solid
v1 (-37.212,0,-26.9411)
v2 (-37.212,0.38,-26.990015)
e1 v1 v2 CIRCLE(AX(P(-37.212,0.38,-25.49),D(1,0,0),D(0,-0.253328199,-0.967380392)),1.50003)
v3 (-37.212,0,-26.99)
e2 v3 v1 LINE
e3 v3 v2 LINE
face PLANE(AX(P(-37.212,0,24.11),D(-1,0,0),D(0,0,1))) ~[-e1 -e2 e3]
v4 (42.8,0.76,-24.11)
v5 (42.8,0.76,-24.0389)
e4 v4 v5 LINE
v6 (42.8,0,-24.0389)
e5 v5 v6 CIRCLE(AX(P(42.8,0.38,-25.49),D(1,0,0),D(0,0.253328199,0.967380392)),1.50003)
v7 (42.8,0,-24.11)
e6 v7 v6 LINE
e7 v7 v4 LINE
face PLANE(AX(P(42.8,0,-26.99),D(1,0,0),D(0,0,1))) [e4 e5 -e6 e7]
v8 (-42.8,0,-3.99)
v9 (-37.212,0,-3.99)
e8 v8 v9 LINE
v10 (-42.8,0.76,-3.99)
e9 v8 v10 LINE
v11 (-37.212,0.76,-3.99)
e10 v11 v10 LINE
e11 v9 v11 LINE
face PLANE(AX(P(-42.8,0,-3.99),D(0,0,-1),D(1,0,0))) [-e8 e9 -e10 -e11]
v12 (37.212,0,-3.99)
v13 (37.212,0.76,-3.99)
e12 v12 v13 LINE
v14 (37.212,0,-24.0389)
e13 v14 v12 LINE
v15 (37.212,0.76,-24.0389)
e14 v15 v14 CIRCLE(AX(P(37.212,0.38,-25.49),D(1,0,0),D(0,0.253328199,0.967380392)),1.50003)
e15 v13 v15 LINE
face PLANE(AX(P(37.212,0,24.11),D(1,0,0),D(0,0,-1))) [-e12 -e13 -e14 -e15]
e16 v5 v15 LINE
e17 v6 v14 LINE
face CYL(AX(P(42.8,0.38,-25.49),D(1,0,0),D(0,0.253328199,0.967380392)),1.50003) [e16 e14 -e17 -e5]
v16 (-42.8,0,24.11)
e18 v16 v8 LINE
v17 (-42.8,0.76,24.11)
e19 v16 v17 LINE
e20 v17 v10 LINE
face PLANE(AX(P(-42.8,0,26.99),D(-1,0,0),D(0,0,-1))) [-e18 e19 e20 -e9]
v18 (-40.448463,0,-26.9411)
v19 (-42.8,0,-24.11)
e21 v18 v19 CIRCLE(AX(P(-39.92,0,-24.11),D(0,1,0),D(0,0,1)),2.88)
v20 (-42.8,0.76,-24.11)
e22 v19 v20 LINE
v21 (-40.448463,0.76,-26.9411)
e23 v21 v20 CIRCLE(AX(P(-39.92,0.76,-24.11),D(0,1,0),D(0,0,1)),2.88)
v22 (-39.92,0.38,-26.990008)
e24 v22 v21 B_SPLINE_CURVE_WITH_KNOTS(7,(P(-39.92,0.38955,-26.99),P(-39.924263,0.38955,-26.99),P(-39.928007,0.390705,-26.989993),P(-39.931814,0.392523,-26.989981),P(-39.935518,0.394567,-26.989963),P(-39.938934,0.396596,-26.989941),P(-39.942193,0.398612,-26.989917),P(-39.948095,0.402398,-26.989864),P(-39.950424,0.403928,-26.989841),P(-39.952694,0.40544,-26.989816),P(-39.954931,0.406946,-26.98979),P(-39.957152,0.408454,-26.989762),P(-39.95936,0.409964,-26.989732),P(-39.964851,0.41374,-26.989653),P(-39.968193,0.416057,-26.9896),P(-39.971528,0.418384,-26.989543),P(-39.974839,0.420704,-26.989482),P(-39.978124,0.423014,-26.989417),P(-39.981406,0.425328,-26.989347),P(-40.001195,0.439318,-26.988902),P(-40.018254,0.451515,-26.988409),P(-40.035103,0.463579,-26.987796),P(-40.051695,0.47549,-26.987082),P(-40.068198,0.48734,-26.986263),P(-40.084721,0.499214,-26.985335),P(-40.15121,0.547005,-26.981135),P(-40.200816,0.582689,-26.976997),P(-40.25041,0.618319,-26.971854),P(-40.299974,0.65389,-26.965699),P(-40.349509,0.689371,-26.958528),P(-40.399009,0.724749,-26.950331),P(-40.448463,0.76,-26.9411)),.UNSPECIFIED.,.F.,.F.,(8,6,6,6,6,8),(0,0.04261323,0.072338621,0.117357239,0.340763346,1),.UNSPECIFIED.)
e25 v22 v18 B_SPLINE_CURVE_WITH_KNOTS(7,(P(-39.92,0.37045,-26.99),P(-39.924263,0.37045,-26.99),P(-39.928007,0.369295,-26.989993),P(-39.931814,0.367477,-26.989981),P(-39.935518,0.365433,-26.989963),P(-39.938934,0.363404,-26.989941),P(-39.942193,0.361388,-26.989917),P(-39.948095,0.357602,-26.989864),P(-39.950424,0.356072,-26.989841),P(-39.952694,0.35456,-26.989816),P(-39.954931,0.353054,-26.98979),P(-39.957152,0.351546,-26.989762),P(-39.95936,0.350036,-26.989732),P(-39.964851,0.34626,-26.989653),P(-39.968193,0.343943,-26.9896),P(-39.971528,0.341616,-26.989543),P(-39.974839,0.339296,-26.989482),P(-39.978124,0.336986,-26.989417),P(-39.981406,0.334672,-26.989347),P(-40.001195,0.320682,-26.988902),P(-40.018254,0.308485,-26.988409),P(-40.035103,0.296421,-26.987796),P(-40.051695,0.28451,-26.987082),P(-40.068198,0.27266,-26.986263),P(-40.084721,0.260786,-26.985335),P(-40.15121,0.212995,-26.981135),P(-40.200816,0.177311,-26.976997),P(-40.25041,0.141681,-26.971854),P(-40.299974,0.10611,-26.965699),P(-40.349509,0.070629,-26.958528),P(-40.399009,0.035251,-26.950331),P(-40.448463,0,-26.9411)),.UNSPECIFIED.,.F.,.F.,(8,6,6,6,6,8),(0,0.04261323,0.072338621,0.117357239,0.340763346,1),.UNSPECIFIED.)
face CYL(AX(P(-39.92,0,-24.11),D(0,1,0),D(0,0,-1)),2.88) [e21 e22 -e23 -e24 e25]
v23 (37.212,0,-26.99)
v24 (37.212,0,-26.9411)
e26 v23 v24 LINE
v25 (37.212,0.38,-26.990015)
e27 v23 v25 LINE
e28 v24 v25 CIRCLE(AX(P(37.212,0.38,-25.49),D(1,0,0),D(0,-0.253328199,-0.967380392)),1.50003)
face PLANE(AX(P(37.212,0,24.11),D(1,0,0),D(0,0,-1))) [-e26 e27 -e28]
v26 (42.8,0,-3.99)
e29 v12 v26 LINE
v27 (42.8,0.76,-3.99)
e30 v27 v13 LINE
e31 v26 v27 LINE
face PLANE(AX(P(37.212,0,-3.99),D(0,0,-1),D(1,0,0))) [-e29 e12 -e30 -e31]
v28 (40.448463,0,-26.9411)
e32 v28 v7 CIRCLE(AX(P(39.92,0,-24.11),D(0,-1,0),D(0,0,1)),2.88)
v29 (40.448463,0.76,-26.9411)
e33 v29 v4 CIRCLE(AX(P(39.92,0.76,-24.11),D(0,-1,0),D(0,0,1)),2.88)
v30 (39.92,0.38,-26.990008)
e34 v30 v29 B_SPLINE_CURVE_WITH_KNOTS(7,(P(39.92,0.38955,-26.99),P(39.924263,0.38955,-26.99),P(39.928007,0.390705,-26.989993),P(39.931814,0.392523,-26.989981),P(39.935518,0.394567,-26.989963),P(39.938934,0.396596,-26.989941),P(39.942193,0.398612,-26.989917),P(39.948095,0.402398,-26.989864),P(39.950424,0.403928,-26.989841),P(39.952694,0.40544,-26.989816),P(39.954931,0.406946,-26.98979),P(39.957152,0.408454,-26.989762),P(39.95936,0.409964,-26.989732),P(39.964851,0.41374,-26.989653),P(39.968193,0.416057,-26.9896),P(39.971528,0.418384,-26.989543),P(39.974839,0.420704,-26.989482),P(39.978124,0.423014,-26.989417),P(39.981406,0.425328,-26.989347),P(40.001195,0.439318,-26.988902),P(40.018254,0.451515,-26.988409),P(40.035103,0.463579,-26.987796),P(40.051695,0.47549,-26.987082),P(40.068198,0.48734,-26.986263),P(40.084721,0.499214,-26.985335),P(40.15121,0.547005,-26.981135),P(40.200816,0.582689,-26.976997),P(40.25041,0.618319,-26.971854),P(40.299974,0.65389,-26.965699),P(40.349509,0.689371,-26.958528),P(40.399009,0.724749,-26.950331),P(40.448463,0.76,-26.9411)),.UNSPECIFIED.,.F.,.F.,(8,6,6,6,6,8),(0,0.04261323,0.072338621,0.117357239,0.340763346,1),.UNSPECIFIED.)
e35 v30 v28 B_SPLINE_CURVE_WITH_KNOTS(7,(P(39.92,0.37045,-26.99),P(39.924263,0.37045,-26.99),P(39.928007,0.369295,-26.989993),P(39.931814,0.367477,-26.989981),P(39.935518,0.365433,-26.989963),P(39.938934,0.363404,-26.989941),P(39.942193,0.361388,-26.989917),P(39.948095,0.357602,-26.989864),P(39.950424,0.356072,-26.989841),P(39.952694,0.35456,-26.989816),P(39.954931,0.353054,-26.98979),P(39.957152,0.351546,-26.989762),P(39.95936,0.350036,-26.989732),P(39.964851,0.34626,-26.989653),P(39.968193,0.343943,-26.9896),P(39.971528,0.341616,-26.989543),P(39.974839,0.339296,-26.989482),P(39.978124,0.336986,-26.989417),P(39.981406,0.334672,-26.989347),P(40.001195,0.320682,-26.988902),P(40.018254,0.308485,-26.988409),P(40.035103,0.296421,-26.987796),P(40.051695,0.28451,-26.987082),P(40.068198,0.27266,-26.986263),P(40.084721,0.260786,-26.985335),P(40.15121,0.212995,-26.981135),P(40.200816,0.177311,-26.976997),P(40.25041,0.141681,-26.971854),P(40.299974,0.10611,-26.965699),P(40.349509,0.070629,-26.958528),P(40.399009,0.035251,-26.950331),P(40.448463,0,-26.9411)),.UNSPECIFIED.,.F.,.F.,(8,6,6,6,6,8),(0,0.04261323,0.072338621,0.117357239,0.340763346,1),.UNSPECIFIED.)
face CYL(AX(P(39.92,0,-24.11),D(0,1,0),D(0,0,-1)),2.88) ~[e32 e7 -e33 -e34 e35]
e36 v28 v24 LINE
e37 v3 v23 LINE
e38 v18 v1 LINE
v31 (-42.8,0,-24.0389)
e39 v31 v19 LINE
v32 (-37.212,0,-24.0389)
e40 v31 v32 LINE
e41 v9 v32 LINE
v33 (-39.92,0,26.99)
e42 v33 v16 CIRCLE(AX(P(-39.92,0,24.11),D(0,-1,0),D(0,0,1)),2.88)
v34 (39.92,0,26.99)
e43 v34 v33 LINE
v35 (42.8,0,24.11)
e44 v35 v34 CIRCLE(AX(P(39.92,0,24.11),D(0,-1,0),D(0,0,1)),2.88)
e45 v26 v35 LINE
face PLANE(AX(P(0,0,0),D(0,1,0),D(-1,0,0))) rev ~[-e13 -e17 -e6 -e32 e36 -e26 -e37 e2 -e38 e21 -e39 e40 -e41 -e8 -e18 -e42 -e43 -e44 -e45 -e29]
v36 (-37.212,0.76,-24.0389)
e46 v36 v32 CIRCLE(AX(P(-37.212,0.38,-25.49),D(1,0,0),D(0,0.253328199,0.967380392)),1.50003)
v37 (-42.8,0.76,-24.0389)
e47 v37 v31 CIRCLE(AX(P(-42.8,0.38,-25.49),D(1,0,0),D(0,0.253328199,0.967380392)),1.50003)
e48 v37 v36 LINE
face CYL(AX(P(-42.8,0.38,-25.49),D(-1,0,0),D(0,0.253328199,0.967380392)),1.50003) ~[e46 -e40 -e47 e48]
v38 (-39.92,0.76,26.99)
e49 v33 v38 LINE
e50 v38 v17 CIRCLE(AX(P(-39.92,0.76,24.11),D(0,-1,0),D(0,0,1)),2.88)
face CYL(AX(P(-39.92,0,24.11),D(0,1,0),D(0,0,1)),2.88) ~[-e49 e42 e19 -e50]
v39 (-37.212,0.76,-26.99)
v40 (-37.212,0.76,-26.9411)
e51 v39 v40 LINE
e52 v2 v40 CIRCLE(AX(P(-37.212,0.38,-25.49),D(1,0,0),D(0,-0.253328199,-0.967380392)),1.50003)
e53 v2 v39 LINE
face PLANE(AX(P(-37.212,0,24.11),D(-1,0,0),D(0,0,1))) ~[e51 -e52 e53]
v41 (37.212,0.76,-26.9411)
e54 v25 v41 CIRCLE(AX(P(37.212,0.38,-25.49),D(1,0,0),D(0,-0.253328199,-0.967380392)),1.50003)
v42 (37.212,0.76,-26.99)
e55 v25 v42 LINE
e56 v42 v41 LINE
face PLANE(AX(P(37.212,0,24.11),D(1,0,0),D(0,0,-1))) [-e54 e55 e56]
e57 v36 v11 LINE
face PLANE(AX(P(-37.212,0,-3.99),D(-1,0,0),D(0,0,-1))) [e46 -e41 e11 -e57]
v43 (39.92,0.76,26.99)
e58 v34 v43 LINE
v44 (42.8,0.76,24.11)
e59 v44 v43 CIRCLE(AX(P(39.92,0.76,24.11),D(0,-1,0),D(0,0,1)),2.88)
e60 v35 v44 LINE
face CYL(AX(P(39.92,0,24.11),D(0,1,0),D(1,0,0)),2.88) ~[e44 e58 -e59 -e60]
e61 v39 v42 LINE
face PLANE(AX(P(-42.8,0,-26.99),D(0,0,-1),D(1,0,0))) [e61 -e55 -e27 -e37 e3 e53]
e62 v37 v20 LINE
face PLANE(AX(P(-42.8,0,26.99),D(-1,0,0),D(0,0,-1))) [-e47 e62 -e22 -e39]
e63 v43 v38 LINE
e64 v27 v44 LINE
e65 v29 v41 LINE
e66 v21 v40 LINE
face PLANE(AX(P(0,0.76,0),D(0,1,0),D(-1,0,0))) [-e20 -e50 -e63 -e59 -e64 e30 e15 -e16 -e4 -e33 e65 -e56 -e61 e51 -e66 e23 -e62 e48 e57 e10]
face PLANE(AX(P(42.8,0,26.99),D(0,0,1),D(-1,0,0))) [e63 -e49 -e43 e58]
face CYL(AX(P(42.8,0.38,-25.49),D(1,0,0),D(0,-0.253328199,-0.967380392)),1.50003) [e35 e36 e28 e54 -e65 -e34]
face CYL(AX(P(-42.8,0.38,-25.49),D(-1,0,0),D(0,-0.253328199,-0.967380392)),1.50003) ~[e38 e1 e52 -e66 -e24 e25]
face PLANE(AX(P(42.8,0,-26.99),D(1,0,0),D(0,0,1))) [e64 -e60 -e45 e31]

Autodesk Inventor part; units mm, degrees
ref_plane "YZ Plane" through (0, 0, 0) normal (1, 0, 0) x (0, 1, 0)
ref_plane "XZ Plane" through (0, 0, 0) normal (0, 1, 0) x (-1, 0, 0)
ref_plane "XY Plane" through (0, 0, 0) normal (0, 0, 1) x (1, 0, 0)
sketch "Sketch1" plane through (0, 0, 0) normal (0, 1, 0) x (-1, 0, 0)
  line L0 (42.8, -26.99) -> (-42.8, -26.99)
  line L1 (-42.8, -26.99) -> (-42.8, 26.99)
  line L2 (-42.8, 26.99) -> (42.8, 26.99)
  line L3 (42.8, 26.99) -> (42.8, -26.99)
  line L4 (42.8, -26.99) -> (-42.8, 26.99) construction
  line L5 (-42.8, -26.99) -> (42.8, 26.99) construction
  point P0 (0, 0)
  dimension "d0" = 85.6
  dimension "d1" = 53.98
extrude "Extrusion1" add sketch "Sketch1" along normal blind 0.76
fillet "Fillet1" radius 2.88 4 edges at (42.8, 0.38, 26.99) (42.8, 0.38, -26.99) (-42.8, 0.38, 26.99) (-42.8, 0.38, -26.99)
sketch "Sketch2" plane through (0, 0, 0) normal (0, -1, 0) x (1, 0, 0)
  arc A0 (-42.8, -24.11) -> (-39.92, -26.99) centre (-39.92, -24.11) ccw projected
  line L0 (-39.92, -26.99) -> (39.92, -26.99) projected
  arc A1 (39.92, -26.99) -> (42.8, -24.11) centre (39.92, -24.11) ccw projected
  line L1 (42.8, -24.11) -> (42.8, 24.11) projected
  arc A2 (42.8, 24.11) -> (39.92, 26.99) centre (39.92, 24.11) ccw projected
  line L2 (39.92, 26.99) -> (-39.92, 26.99) projected
  arc A3 (-39.92, 26.99) -> (-42.8, 24.11) centre (-39.92, 24.11) ccw projected
  line L3 (-42.8, 24.11) -> (-42.8, -24.11) projected
  line L4 (-42.8, 24.11) -> (-42.8, -24.11) projected
  line L5 (-42.8, -3.99) -> (-37.212, -3.99)
  line L6 (-37.212, -3.99) -> (-37.212, -23.99)
  line L7 (-37.212, -23.99) -> (-42.8, -23.99)
  line L8 (-42.8, -23.99) -> (-42.8, -3.99)
  line L9 (42.8, 24.11) -> (42.8, -24.11) projected
  line L10 (42.8, -23.99) -> (37.212, -23.99)
  line L11 (37.212, -23.99) -> (37.212, -3.99)
  line L12 (37.212, -3.99) -> (42.8, -3.99)
  line L13 (42.8, -3.99) -> (42.8, -23.99)
  point P0 (0, 0)
  dimension "d5" = 5.588
  dimension "d6" = 5.588
  dimension "d7" = 3
  dimension "d8" = 3
  dimension "d9" = 20
  dimension "d10" = 20
extrude "Extrusion2" cut sketch "Sketch2" against normal through all contours L3 L5 L6 L7 | L10 L11 L12 L1
sketch "Sketch3" plane through (42.8, 0, 24.11) normal (1, 0, 0) x (0, 0, -1)
  line L0 (51.1, 0) -> (51.1, 0.76) projected
  line L1 (51.1, 0) -> (51.1, 0.76)
  line L2 (48.1, 0.76) -> (48.1, 0)
  line L3 (48.1, 0) -> (51.1, 0.76) construction
  line L4 (51.1, 0) -> (48.1, 0.76) construction
  line L5 (51.1, 0) -> (48.22, 0) projected
  arc A0 (48.1489, 0.76) -> (48.1489, 0) centre (49.6, 0.38) ccw
  arc A1 (51.0511, 0) -> (51.0511, 0.76) centre (49.6, 0.38) ccw
  line L6 (48.1, 0) -> (48.1489, 0)
  line L7 (51.0511, 0) -> (51.1, 0)
  line L8 (51.1, 0.76) -> (51.0511, 0.76)
  line L9 (48.1489, 0.76) -> (48.1, 0.76)
  point P0 (24.11, 0)
  point P1 (48.1, 0.38)
  point P2 (51.1, 0.38)
  dimension "d14" = 3
  dimension "d15" = 0.76
  dimension "d16" = 1.5
  dimension "d17" = 1.5
  dimension "d18" = 1.5
extrude "Extrusion3" cut sketch "Sketch3" against normal up to surface (5.588 mm away)
mirror "Mirror1" about plane through (0, 0, 0) normal (1, 0, 0) of "Extrusion3"
sketch "Sketch4" plane through (0, 0, 0) normal (0, -1, 0) x (1, 0, 0)
  line L0 (-37.212, -24.0389) -> (-42.8, -24.0389) projected
  line L1 (-42.8, -24.0389) -> (-42.8, -24.11) projected
  arc A0 (-42.8, -24.11) -> (-40.4486, -26.9411) centre (-39.92, -24.11) ccw projected
  line L2 (-40.4486, -26.9411) -> (-37.212, -26.9411) projected
  line L3 (-37.212, -26.9411) -> (-37.212, -26.99) projected
  line L4 (-37.212, -26.99) -> (37.212, -26.99) projected
  line L5 (37.212, -26.99) -> (37.212, -26.9411) projected
  line L6 (37.212, -26.9411) -> (40.4486, -26.9411) projected
  arc A1 (40.4486, -26.9411) -> (42.8, -24.11) centre (39.92, -24.11) ccw projected
  line L7 (42.8, -24.11) -> (42.8, -24.0389) projected
  line L8 (42.8, -24.0389) -> (37.212, -24.0389) projected
  line L9 (37.212, -24.0389) -> (37.212, -3.99) projected
  line L10 (37.212, -3.99) -> (42.8, -3.99) projected
  line L11 (42.8, -3.99) -> (42.8, 24.11) projected
  arc A2 (42.8, 24.11) -> (39.92, 26.99) centre (39.92, 24.11) ccw projected
  line L12 (39.92, 26.99) -> (-39.92, 26.99) projected
  arc A3 (-39.92, 26.99) -> (-42.8, 24.11) centre (-39.92, 24.11) ccw projected
  line L13 (-42.8, 24.11) -> (-42.8, -3.99) projected
  line L14 (-42.8, -3.99) -> (-37.212, -3.99) projected
  line L15 (-37.212, -3.99) -> (-37.212, -24.0389) projected
  line L16 (39.92, 26.99) -> (-39.92, 26.99) projected
  line L17 (42.8, -3.99) -> (42.8, 24.11) projected
  line L18 (-42.8, 24.11) -> (-42.8, -3.99) projected
  line L19 (-42.8, 26.99) -> (42.8, 26.99) construction
  line L20 (42.8, 26.99) -> (42.8, -27.0263) construction
  line L21 (42.8, -27.0263) -> (-42.8, -27.0263) construction
  line L22 (-42.8, -27.0263) -> (-42.8, 26.99) construction
  point P0 (0, 0)
decal "Decal1"
sketch "Sketch5" plane through (0, 0.76, 0) normal (0, 1, 0) x (1, 0, 0)
  line L0 (-42.8, 24.0389) -> (-37.212, 24.0389) projected
  line L1 (-37.212, 24.0389) -> (-37.212, 3.99) projected
  line L2 (-37.212, 3.99) -> (-42.8, 3.99) projected
  line L3 (-42.8, 3.99) -> (-42.8, -24.11) projected
  arc A0 (-42.8, -24.11) -> (-39.92, -26.99) centre (-39.92, -24.11) ccw projected
  line L4 (-39.92, -26.99) -> (39.92, -26.99) projected
  arc A1 (39.92, -26.99) -> (42.8, -24.11) centre (39.92, -24.11) ccw projected
  line L5 (42.8, -24.11) -> (42.8, 3.99) projected
  line L6 (42.8, 3.99) -> (37.212, 3.99) projected
  line L7 (37.212, 3.99) -> (37.212, 24.0389) projected
  line L8 (37.212, 24.0389) -> (42.8, 24.0389) projected
  line L9 (42.8, 24.0389) -> (42.8, 24.11) projected
  arc A2 (42.8, 24.11) -> (40.4486, 26.9411) centre (39.92, 24.11) ccw projected
  line L10 (40.4486, 26.9411) -> (37.212, 26.9411) projected
  line L11 (37.212, 26.9411) -> (37.212, 26.99) projected
  line L12 (37.212, 26.99) -> (-37.212, 26.99) projected
  line L13 (-37.212, 26.99) -> (-37.212, 26.9411) projected
  line L14 (-37.212, 26.9411) -> (-40.4486, 26.9411) projected
  arc A3 (-40.4486, 26.9411) -> (-42.8, 24.11) centre (-39.92, 24.11) ccw projected
  line L15 (-42.8, 24.11) -> (-42.8, 24.0389) projected
  line L16 (-42.8, 3.99) -> (-42.8, -24.11) projected
  line L17 (-42.8, 27.0263) -> (42.8, 27.0263) construction
  line L18 (42.8, 27.0263) -> (42.8, -26.99) construction
  line L19 (42.8, -26.99) -> (-42.8, -26.99) construction
  line L20 (-42.8, -26.99) -> (-42.8, 27.0263) construction
  line L21 (42.8, -24.11) -> (42.8, 3.99) projected
  point P0 (0, 0)
decal "Decal2"
equation "\"d0\" = cardWidth"
equation "\"d1\" = cardHeight"
equation "\"d2\" = cardThickness"
equation "\"d4\" = cardFillet"
equation "\"d5\" = spoolThickness"
equation "\"d6\" = spoolThickness"
equation "\"d7\" = cardPinDiameter"
equation "\"d8\" = cardPinDiameter"
equation "\"d9\" = cardCutoutHeight"
equation "\"d10\" = cardCutoutHeight"
equation "\"d11\" = cardThickness"
equation "\"d14\" = cardPinDiameter"
equation "\"d15\" = cardThickness"
equation "\"d16\" = 0.5 * cardPinDiameter"
equation "\"d18\" = 0.5 * cardPinDiameter"
equation "\"d19\" = cardThickness"
equation "\"materialThickness\" = 3.175"
equation "\"laserKerf\" = 0.12"
equation "\"cardPinDiameter\" = 3"
equation "\"centeralShaftDiameter\" = 8"
equation "\"cardWidth\" = 85.6"
equation "\"cardHeight\" = 53.98"
equation "\"cardThickness\" = 0.76"
equation "\"cardFillet\" = 2.88"
equation "\"cardCutoutHeight\" = 20"
equation "\"d13\" = cardPinDiameter"
equation "\"cardSelected\" = 1"
equation "\"cardClearence\" = 0.5"
equation "\"bearingOd\" = 22"
equation "\"bearingWidth\" = 8"
equation "\"axleHeight\" = 95"
equation "\"nutTrapwidth\" = 5.5"
equation "\"nutTrapClearence\" = 2"
equation "\"nutTrapDepth\" = 2.5"
equation "\"magnetDiameter\" = 6"
equation "\"magnetLength\" = 3"
equation "\"magnetProtusion\" = 0.25"
equation "\"spoolThickness\" = 5.588"
properties part number "card-01" material "ABS Plastic"
